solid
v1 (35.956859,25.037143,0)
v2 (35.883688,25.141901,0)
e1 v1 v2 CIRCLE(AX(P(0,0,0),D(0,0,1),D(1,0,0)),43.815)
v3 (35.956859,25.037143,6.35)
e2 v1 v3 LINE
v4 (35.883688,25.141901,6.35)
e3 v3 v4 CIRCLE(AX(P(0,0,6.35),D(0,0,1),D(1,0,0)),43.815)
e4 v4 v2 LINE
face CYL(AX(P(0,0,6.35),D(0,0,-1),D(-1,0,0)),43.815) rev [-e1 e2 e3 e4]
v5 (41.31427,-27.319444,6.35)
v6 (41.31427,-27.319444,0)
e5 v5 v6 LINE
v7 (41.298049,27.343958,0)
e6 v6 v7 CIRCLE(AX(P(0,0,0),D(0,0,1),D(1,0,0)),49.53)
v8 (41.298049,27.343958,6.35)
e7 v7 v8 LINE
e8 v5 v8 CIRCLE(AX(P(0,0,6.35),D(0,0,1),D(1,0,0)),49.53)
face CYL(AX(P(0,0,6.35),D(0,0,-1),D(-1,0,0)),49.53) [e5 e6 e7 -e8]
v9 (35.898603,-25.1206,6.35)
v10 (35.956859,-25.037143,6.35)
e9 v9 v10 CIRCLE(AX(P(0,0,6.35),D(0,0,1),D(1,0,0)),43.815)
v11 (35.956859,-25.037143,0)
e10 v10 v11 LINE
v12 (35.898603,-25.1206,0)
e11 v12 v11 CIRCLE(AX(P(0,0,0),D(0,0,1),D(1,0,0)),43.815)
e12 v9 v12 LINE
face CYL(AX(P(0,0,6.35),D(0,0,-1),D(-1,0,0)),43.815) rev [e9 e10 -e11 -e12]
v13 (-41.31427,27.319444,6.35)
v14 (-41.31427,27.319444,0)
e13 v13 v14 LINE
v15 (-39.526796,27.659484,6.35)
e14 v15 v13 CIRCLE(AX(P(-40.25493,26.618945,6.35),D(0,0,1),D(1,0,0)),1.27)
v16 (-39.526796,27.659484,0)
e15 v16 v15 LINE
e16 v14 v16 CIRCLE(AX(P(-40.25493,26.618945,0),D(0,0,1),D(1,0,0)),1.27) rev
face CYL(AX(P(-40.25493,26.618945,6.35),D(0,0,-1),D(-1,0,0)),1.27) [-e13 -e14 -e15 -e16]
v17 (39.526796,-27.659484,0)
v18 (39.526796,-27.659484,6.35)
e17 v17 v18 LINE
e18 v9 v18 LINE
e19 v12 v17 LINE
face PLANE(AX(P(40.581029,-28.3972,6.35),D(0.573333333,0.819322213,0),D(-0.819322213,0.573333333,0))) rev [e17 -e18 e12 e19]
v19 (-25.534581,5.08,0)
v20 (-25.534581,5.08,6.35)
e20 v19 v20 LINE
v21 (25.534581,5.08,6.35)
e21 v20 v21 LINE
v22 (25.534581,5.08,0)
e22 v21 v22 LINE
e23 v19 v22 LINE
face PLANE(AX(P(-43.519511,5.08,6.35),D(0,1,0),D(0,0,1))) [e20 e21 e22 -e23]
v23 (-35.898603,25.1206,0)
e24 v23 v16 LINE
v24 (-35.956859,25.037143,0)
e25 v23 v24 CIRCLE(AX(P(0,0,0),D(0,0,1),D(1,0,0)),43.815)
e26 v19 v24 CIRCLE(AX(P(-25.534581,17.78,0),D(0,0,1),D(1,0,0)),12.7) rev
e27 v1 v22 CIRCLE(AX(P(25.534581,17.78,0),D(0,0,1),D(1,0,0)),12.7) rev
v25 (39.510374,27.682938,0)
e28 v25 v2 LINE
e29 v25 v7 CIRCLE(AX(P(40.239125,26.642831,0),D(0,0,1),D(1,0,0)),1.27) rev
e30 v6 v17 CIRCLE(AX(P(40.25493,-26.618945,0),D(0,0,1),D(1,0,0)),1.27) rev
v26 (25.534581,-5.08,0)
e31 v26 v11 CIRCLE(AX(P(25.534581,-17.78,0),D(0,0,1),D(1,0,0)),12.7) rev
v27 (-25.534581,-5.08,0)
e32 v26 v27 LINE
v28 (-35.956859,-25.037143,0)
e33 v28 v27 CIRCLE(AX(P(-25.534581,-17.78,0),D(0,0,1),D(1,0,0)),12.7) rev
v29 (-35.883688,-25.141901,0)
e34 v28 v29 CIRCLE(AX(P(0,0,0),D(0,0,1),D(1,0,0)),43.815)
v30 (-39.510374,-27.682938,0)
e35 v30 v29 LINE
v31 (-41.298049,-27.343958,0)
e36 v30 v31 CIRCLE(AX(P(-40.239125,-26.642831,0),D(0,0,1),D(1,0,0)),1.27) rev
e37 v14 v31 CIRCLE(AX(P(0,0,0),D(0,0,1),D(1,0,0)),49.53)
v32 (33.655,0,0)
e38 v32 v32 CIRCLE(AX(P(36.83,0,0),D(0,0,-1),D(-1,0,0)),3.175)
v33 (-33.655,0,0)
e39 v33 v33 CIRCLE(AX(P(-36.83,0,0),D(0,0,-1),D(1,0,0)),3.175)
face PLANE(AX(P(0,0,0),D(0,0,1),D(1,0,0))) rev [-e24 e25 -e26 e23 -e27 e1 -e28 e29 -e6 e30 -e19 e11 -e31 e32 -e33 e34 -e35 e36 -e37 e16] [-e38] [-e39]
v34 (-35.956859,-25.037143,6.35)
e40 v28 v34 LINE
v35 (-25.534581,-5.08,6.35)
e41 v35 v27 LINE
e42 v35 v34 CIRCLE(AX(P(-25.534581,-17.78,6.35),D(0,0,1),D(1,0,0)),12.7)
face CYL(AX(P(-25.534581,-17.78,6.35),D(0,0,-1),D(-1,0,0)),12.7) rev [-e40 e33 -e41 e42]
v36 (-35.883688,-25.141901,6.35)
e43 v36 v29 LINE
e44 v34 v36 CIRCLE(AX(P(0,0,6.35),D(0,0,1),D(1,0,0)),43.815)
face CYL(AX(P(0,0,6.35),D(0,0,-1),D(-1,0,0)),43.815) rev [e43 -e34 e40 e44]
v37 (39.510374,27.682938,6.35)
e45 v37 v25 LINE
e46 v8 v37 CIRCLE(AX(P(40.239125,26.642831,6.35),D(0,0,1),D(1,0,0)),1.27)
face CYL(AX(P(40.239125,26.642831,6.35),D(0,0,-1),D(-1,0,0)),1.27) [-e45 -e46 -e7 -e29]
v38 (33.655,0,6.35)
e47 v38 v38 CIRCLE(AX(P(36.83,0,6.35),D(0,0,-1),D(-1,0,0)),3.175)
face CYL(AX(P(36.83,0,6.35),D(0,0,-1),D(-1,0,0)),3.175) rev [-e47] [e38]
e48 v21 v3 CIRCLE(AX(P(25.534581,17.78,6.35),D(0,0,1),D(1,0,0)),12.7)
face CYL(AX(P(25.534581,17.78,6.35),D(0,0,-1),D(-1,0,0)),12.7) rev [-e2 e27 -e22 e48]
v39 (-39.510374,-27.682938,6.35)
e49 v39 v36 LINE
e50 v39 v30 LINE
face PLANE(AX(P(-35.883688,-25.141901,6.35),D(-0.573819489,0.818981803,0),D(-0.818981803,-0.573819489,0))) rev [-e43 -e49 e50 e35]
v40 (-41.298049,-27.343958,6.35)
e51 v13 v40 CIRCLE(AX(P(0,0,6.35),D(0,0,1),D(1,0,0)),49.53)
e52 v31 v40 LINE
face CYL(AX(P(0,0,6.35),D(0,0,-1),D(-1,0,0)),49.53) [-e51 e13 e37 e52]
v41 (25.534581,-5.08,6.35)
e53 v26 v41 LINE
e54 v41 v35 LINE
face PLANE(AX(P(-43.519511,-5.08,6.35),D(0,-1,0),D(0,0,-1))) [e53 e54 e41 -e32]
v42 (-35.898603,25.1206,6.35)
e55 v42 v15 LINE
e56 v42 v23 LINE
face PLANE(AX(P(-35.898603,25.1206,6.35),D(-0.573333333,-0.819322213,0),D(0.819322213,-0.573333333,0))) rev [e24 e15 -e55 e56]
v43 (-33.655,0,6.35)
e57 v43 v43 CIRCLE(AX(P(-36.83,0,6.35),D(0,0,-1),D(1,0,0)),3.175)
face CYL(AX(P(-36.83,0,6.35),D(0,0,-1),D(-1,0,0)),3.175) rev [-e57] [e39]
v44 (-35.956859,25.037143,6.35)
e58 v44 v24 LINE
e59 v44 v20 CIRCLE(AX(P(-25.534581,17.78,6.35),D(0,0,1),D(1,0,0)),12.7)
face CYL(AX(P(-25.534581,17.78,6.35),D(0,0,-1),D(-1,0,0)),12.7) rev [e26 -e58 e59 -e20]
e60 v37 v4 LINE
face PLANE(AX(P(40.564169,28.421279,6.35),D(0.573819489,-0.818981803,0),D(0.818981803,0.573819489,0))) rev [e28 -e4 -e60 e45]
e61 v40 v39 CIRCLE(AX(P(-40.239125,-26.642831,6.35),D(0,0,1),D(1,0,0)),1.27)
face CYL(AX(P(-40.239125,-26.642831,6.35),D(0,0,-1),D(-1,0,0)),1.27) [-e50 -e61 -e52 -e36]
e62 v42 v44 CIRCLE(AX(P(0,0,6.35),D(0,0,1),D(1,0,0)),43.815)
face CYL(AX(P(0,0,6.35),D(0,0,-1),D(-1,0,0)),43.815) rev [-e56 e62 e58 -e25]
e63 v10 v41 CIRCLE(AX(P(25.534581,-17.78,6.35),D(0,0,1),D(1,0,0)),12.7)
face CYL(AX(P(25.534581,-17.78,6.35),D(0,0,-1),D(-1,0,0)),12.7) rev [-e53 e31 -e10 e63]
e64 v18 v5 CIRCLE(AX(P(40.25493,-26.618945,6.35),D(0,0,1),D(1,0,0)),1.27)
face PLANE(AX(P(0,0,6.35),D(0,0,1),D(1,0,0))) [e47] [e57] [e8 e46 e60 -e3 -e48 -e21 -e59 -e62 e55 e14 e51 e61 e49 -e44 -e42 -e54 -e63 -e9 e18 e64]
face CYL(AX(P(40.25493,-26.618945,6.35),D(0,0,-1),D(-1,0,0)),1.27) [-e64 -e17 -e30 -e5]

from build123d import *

# Parameters (mm, degrees)
SKETCH1_R           = 49.53
BOSS_EXTRUDE2_DEPTH = 6.35
FILLET2_R           = 12.7
FILLET3_R           = 12.7
FILLET4_R           = 12.7
FILLET5_R           = 12.7
CUT_EXTRUDE1_DEPTH  = 6.35
SKETCH3_R           = 3.175
CUT_EXTRUDE2_DEPTH  = 6.35
FILLET6_R           = 1.27
FILLET7_R           = 1.27
FILLET8_R           = 1.27
FILLET9_R           = 1.27


with BuildPart() as part:
    # Sketch1 → Boss-Extrude2 (new body)
    with BuildSketch(Plane.XY):
        Circle(SKETCH1_R)
        with BuildLine():
            Line((-43.519510854, 5.08), (43.519510854, 5.08))
            ThreePointArc((43.519510854, 5.08), (0, 43.815), (-43.519510854, 5.08))
        make_face(mode=Mode.SUBTRACT)
        with BuildLine():
            Line((-43.519510854, -5.08), (43.519510854, -5.08))
            ThreePointArc((43.519510854, -5.08), (0, -43.815), (-43.519510854, -5.08))
        make_face(mode=Mode.SUBTRACT)
    extrude(amount=BOSS_EXTRUDE2_DEPTH)

    # Fillet2
    fillet2_edges = [part.edges().sort_by_distance(p)[0] for p in [
        (43.519510854, 5.08, 3.175),
    ]]
    fillet(fillet2_edges, radius=FILLET2_R)

    # Fillet3
    fillet3_edges = [part.edges().sort_by_distance(p)[0] for p in [
        (-43.519510854, 5.08, 3.175),
    ]]
    fillet(fillet3_edges, radius=FILLET3_R)

    # Fillet4
    fillet4_edges = [part.edges().sort_by_distance(p)[0] for p in [
        (43.519510854, -5.08, 3.175),
    ]]
    fillet(fillet4_edges, radius=FILLET4_R)

    # Fillet5
    fillet5_edges = [part.edges().sort_by_distance(p)[0] for p in [
        (-43.519510854, -5.08, 3.175),
    ]]
    fillet(fillet5_edges, radius=FILLET5_R)

    # Sketch2 → Cut-Extrude1 (cut)
    with BuildSketch(Plane(origin=(0, 0, 0), x_dir=(-1, 0, 0), z_dir=(0, 0, -1))):
        with BuildLine():
            Line((-40.581029215, -28.3972), (-35.898602767, -25.1206))
            ThreePointArc((-35.898602767, -25.1206), (-0.013001801, -43.814998071), (35.883687713, -25.141900904))
            Line((35.883687713, -25.141900904), (40.564168719, -28.421279283))
            ThreePointArc((40.564168719, -28.421279283), (-0.014697689, -49.529997819), (-40.581029215, -28.3972))
        make_face()
        with BuildLine():
            Line((-40.564168719, 28.421279283), (-35.883687713, 25.141900904))
            ThreePointArc((-35.883687713, 25.141900904), (0.013001801, 43.814998071), (35.898602767, 25.1206))
            Line((35.898602767, 25.1206), (40.581029215, 28.3972))
            ThreePointArc((40.581029215, 28.3972), (0.014697689, 49.529997819), (-40.564168719, 28.421279283))
        make_face()
    extrude(amount=-CUT_EXTRUDE1_DEPTH, mode=Mode.SUBTRACT)

    # Sketch3 → Cut-Extrude2 (cut)
    with BuildSketch(Plane(origin=(0, 0, 0), x_dir=(-1, 0, 0), z_dir=(0, 0, -1))):
        with Locations((-36.83, 0)):
            Circle(SKETCH3_R)
        with Locations(Location((36.83, 0, 0), (0, 0, 180))):
            Circle(SKETCH3_R)
    extrude(amount=-CUT_EXTRUDE2_DEPTH, mode=Mode.SUBTRACT)

    # Fillet6
    fillet6_edges = [part.edges().sort_by_distance(p)[0] for p in [
        (-40.581029215, 28.3972, 3.175),
    ]]
    fillet(fillet6_edges, radius=FILLET6_R)

    # Fillet7
    fillet7_edges = [part.edges().sort_by_distance(p)[0] for p in [
        (-40.564168719, -28.421279283, 3.175),
    ]]
    fillet(fillet7_edges, radius=FILLET7_R)

    # Fillet8
    fillet8_edges = [part.edges().sort_by_distance(p)[0] for p in [
        (40.581029215, -28.3972, 3.175),
    ]]
    fillet(fillet8_edges, radius=FILLET8_R)

    # Fillet9
    fillet9_edges = [part.edges().sort_by_distance(p)[0] for p in [
        (40.564168719, 28.421279283, 3.175),
    ]]
    fillet(fillet9_edges, radius=FILLET9_R)


solid = part.part
